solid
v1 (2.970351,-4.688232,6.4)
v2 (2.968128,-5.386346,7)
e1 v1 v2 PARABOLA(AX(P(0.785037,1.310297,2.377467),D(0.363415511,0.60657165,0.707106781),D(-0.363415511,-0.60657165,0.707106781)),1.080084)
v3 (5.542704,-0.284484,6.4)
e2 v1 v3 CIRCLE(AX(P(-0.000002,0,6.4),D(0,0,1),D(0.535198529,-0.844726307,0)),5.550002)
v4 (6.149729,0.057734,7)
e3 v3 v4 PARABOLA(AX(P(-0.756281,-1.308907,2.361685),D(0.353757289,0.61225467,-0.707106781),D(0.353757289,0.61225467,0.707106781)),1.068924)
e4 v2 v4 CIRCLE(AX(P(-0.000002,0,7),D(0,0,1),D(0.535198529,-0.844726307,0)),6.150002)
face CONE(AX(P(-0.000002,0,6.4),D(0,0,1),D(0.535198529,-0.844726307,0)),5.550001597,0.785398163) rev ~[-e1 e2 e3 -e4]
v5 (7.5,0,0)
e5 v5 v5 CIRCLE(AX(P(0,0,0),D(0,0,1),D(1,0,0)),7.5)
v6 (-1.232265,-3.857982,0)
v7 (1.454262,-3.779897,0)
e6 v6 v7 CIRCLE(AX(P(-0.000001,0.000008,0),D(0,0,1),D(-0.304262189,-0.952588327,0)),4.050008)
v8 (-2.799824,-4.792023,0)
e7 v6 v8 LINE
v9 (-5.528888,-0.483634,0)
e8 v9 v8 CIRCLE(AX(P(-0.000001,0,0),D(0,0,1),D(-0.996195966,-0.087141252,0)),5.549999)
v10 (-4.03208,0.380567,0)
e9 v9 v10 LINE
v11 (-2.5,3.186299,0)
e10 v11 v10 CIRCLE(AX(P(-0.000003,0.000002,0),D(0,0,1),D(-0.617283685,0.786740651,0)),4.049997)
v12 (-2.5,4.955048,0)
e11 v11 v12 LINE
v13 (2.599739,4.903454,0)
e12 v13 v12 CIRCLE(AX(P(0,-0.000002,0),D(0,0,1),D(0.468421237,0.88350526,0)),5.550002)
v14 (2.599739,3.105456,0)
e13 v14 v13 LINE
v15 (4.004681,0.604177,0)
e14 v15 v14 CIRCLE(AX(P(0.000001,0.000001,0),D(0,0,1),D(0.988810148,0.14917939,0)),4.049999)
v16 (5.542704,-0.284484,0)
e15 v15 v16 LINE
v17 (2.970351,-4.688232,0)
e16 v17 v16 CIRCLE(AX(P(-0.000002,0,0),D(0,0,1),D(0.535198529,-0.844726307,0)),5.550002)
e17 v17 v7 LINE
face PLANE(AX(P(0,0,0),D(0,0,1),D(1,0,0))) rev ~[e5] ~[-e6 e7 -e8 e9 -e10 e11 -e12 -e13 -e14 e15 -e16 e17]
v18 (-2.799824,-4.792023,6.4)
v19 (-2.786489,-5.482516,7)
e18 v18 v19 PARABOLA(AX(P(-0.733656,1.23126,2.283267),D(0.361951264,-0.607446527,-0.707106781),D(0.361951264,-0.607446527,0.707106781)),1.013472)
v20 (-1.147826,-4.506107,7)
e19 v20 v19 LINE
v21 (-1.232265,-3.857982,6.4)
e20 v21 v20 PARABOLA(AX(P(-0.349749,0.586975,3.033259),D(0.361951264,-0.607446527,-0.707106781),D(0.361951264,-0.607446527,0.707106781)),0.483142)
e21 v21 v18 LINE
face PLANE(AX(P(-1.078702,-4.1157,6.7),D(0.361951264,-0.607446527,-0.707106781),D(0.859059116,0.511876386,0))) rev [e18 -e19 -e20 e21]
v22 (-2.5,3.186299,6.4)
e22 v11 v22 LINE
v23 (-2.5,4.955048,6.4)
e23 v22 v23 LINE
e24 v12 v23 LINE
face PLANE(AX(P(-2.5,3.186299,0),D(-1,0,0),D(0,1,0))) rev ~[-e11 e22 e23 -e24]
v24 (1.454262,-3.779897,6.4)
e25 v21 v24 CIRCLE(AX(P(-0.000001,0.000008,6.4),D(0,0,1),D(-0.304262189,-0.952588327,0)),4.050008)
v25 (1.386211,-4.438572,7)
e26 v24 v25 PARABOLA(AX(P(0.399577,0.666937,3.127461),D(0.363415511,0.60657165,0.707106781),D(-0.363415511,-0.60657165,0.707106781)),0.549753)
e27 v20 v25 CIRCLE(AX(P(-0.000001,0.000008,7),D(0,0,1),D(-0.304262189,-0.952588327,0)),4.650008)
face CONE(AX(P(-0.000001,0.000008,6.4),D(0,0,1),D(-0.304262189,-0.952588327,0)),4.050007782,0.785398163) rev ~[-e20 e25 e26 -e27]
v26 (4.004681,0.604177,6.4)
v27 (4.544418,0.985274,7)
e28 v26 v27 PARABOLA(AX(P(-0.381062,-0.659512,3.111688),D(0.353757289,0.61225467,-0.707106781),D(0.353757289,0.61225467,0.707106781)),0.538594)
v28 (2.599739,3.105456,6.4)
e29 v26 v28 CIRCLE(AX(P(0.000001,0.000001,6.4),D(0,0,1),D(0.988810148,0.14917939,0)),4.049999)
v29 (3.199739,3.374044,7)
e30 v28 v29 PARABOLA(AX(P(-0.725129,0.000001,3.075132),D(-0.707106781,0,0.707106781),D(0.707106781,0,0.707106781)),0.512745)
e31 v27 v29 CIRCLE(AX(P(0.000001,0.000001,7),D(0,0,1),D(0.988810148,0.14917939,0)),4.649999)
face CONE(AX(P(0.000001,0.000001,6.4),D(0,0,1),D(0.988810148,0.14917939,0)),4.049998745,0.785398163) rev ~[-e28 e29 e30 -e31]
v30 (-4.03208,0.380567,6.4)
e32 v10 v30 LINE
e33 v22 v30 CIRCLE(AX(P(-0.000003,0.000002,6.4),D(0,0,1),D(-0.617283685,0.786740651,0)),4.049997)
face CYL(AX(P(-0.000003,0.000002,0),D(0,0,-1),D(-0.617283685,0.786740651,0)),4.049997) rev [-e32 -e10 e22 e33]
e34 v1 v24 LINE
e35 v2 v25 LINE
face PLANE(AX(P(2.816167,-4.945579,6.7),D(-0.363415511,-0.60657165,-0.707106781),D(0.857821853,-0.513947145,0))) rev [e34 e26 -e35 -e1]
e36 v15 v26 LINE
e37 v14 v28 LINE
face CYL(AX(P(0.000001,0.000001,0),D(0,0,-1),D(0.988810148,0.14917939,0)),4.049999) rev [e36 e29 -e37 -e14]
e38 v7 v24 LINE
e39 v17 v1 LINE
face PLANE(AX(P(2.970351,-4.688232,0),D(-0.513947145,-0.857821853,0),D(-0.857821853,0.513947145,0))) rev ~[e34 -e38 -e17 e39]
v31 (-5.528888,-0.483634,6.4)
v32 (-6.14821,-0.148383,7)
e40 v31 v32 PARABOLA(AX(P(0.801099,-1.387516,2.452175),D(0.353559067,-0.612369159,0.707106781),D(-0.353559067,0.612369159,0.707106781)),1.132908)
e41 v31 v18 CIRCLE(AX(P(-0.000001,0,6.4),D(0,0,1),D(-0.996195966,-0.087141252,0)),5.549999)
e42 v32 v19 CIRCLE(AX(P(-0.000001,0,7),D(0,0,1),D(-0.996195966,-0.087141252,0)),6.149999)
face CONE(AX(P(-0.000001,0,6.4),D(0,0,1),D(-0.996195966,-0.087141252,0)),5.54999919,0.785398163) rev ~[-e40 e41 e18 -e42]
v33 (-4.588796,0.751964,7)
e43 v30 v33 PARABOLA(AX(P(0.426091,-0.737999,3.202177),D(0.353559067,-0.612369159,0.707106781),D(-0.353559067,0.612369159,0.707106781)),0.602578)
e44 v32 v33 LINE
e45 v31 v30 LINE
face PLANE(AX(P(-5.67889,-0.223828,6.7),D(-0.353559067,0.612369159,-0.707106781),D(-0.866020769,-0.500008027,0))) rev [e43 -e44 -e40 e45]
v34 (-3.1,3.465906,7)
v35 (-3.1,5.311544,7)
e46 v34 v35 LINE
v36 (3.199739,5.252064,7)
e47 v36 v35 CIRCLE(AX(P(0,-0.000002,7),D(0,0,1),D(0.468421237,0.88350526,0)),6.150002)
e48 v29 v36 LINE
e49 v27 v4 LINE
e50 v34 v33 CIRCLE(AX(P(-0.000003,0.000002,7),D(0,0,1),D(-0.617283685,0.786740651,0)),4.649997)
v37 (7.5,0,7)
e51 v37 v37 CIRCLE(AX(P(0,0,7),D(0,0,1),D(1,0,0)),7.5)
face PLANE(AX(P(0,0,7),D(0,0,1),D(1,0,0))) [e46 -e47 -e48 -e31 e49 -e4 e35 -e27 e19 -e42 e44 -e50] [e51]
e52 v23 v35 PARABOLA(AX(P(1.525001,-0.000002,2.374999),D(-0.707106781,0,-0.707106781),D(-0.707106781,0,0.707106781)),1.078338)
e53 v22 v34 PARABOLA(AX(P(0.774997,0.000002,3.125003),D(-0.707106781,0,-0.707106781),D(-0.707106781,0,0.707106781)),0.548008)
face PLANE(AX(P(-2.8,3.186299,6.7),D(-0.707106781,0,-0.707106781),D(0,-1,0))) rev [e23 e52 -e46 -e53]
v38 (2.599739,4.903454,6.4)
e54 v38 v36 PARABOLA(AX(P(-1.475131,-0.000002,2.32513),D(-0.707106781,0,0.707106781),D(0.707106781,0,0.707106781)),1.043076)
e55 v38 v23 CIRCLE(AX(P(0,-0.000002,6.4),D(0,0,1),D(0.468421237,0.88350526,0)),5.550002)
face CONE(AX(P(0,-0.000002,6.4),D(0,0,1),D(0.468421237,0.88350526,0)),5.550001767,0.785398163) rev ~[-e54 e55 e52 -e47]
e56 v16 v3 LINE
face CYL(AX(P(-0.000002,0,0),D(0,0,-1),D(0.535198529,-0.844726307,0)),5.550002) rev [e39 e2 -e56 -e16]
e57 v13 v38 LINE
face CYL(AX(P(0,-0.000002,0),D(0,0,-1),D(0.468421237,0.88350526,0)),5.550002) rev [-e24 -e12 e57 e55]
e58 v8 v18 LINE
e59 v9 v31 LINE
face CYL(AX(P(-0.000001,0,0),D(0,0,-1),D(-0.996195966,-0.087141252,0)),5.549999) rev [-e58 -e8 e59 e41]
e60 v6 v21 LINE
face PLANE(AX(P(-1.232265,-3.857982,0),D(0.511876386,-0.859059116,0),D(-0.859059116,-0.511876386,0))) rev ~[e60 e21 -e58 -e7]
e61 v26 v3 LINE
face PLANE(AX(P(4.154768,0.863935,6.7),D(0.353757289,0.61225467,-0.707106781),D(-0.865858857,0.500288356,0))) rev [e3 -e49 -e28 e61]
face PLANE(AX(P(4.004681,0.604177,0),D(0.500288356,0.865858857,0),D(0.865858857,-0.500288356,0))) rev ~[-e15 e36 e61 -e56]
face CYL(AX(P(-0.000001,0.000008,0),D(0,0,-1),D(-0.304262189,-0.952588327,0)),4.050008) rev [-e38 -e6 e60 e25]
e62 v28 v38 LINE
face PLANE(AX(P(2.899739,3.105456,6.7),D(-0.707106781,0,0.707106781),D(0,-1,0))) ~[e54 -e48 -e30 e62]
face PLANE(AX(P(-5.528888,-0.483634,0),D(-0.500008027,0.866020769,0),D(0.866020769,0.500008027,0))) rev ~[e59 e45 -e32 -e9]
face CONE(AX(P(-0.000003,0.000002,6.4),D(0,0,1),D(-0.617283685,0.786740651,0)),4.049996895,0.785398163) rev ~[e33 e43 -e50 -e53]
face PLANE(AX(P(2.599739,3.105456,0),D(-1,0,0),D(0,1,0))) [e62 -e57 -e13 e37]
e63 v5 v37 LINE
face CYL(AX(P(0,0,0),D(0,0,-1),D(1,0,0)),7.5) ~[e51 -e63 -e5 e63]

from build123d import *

# Parameters (mm, degrees)
SKETCH_R     = 7.5
PAD_DEPTH    = 7
CHAMFER_SIZE = 0.6


with BuildPart() as part:
    # Sketch → Pad (new body)
    with BuildSketch(Plane.XY):
        Circle(SKETCH_R)
        with BuildLine():
            ThreePointArc((-2.5, 3.186299), (-3.554582, 1.940992), (-4.03208, 0.380567))
            Line((-5.528888, -0.483634), (-4.03208, 0.380567))
            ThreePointArc((-5.528888, -0.483634), (-4.688541, -2.969863), (-2.799824, -4.792023))
            Line((-1.232265, -3.857982), (-2.799824, -4.792023))
            ThreePointArc((-1.232265, -3.857982), (0.117665, -4.04829), (1.454262, -3.779897))
            Line((2.970351, -4.688232), (1.454262, -3.779897))
            ThreePointArc((2.970351, -4.688232), (4.792314, -2.799326), (5.542704, -0.284484))
            Line((4.004681, 0.604177), (5.542704, -0.284484))
            ThreePointArc((4.004681, 0.604177), (3.531103, 1.983384), (2.599739, 3.105456))
            Line((2.599739, 3.105456), (2.599739, 4.903454))
            ThreePointArc((2.599739, 4.903454), (0.056147, 5.549716), (-2.5, 4.955048))
            Line((-2.5, 3.186299), (-2.5, 4.955048))
        make_face(mode=Mode.SUBTRACT)
    extrude(amount=PAD_DEPTH)

    # Chamfer
    chamfer_edges = [part.edges().sort_by_distance(p)[0] for p in [
        (-3.554582, 1.940992, 7),
        (-4.780484, -0.051534, 7),
        (-4.688541, -2.969863, 7),
        (-2.016045, -4.325002, 7),
        (0.117665, -4.04829, 7),
        (2.212306, -4.234064, 7),
        (4.792314, -2.799326, 7),
        (4.773693, 0.159847, 7),
        (3.531103, 1.983384, 7),
        (2.599739, 4.004455, 7),
        (0.056147, 5.549716, 7),
        (-2.5, 4.070673, 7),
    ]]
    chamfer(chamfer_edges, length=CHAMFER_SIZE)


solid = part.part
